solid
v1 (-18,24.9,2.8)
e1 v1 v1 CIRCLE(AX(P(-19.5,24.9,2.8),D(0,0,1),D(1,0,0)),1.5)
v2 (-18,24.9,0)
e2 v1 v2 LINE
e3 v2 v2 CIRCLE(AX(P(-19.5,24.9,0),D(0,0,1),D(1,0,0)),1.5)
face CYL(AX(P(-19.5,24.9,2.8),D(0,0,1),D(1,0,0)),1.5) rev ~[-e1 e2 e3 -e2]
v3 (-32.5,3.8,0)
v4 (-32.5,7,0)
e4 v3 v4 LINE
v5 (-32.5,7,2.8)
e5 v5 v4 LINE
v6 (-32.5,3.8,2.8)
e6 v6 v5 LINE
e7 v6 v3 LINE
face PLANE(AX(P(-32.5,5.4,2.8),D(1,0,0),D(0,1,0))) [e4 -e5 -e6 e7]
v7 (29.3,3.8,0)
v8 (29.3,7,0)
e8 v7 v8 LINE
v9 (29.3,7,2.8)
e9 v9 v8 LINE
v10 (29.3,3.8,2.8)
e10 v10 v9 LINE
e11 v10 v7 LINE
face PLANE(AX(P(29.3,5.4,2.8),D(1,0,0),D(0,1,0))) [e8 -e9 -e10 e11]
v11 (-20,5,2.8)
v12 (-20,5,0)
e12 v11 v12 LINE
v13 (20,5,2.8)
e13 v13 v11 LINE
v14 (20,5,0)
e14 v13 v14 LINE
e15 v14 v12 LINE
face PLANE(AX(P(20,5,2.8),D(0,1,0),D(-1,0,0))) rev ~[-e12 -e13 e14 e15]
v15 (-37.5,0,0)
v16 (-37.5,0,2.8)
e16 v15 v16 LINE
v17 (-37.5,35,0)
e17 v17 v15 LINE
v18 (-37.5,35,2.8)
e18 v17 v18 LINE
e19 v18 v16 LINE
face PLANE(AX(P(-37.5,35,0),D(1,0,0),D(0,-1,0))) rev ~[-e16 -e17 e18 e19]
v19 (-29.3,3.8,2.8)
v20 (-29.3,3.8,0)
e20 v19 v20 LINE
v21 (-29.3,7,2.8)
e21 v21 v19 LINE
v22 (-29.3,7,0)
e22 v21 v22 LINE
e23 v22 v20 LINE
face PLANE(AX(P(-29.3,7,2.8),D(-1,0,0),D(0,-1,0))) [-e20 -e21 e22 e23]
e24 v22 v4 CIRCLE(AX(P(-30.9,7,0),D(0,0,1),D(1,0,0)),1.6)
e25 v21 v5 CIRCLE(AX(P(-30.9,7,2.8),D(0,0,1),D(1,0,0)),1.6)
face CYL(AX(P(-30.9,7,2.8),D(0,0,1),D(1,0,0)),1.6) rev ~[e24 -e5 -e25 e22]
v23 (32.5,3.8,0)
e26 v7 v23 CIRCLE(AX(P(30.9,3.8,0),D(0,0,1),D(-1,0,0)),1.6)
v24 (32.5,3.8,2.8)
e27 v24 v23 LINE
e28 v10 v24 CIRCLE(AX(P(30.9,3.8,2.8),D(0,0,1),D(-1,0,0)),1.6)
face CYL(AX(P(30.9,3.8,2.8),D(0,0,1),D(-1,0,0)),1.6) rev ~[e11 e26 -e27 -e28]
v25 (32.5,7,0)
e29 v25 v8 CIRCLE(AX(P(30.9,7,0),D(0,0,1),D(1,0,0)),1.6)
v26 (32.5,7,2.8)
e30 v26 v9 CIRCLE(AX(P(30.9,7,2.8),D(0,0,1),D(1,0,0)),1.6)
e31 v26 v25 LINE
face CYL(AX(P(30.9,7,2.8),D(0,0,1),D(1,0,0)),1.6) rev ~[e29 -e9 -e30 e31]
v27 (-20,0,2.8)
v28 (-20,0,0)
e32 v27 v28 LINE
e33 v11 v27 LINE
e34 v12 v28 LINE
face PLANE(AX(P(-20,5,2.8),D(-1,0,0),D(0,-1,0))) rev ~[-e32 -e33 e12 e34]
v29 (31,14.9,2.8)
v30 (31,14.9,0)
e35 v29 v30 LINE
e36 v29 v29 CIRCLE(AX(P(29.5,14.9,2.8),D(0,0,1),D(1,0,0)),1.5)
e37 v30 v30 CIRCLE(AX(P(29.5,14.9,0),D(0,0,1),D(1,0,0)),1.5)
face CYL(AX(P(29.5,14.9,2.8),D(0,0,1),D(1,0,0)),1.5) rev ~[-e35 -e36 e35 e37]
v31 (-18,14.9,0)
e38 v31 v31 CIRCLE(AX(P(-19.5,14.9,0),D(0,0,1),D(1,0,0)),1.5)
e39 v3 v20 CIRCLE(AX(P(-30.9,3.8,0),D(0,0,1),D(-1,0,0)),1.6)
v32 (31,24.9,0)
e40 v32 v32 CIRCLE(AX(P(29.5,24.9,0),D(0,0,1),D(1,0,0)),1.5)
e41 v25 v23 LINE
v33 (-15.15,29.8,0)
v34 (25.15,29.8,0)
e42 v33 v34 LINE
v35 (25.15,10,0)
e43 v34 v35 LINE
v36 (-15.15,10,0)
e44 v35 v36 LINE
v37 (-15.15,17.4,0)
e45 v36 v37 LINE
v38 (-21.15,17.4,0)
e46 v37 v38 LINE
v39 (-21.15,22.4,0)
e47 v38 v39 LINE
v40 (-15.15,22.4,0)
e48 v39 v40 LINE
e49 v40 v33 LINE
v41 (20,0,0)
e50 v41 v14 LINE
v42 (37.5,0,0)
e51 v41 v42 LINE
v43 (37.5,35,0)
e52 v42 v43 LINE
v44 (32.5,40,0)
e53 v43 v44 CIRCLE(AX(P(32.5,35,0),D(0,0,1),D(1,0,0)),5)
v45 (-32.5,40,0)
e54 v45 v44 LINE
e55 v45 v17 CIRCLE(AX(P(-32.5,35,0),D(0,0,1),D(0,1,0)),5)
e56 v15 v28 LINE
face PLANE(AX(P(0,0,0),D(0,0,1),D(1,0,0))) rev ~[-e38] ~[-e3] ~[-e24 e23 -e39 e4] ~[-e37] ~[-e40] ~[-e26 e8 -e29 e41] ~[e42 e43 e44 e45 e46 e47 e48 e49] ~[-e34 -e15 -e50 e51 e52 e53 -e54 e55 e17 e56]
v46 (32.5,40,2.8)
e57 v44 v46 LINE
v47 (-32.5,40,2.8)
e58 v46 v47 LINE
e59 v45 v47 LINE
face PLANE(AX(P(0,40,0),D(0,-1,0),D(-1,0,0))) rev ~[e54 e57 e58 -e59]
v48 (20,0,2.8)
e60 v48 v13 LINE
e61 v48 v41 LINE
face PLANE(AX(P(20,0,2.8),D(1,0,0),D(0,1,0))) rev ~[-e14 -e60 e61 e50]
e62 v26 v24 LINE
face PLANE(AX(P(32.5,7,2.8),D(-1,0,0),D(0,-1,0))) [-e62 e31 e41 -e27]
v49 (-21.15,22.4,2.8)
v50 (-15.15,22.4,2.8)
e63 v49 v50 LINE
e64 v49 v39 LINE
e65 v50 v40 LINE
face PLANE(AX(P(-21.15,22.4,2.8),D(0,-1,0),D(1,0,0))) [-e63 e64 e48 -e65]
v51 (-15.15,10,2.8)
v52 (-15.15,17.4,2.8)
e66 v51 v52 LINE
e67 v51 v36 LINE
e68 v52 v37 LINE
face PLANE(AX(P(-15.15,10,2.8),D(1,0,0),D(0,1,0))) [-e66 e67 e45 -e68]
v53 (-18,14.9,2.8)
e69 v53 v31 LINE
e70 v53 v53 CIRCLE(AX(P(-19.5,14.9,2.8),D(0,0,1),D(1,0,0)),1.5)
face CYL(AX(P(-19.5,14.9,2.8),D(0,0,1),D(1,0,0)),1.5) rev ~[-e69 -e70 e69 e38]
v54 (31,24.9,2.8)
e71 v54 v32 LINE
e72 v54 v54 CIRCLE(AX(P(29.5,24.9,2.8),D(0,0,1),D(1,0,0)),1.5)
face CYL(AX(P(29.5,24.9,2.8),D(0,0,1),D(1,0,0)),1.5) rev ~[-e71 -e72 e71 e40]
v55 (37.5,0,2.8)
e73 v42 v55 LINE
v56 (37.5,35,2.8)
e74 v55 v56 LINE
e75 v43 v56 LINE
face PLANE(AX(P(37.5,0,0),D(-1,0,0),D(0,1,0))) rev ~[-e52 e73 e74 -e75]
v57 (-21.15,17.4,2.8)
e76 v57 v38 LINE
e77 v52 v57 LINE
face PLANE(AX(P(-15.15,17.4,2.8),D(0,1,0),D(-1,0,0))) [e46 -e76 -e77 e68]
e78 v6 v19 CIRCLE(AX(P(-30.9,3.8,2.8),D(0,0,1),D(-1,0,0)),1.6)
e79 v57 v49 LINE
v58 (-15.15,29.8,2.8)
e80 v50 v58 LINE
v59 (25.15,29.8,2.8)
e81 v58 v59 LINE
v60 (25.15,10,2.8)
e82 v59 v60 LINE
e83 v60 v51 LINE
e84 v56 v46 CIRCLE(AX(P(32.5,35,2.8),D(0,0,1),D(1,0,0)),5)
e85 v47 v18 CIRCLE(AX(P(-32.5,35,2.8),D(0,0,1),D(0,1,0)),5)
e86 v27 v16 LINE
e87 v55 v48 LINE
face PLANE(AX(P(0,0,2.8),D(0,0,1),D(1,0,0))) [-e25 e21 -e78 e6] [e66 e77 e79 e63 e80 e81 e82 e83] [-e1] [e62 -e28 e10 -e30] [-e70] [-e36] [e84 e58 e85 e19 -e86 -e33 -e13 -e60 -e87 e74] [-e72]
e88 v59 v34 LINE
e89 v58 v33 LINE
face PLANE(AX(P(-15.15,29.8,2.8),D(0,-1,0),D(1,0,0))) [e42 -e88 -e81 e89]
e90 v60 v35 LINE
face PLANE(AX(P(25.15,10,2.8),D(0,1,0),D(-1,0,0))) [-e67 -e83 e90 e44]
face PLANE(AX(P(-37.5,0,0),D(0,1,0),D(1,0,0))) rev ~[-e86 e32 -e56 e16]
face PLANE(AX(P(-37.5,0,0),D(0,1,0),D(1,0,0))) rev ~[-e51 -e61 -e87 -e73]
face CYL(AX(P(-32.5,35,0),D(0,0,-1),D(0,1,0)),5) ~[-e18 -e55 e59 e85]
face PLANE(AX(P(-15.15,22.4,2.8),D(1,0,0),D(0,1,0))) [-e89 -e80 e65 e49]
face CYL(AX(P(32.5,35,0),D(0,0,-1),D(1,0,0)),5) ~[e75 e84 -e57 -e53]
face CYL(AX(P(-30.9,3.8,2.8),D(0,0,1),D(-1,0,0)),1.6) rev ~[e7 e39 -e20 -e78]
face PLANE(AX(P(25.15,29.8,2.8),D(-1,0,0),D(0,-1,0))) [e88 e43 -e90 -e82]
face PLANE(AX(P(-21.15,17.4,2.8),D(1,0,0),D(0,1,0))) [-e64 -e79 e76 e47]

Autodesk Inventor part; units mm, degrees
ref_plane "YZ Plane" through (0, 0, 0) normal (1, 0, 0) x (0, 1, 0)
ref_plane "XZ Plane" through (0, 0, 0) normal (0, 1, 0) x (-1, 0, 0)
ref_plane "XY Plane" through (0, 0, 0) normal (0, 0, 1) x (1, 0, 0)
sketch "Sketch1" plane through (0, 0, 0) normal (0, 0, 1) x (1, 0, 0)
  line L0 (-53.9497, 0) -> (53.9497, 0) projected
  line L1 (0, -8.2071) -> (0, 49.2426) projected
  line L2 (-37.5, 0) -> (37.5, 0)
  line L3 (37.5, 0) -> (37.5, 35)
  line L4 (32.5, 40) -> (-32.5, 40)
  line L5 (-37.5, 35) -> (-37.5, 0)
  arc A0 (-32.5, 40) -> (-37.5, 35) centre (-32.5, 35) ccw
  arc A1 (37.5, 35) -> (32.5, 40) centre (32.5, 35) ccw
  point P0 (0, 0)
  point P1 (37.5, 40)
  point P2 (-37.5, 40)
  dimension "d0" = 75
  dimension "d1" = 40
  dimension "d2" = 37.5
  dimension "d5" = 5
extrude "Extrusion1" add sketch "Sketch1" along normal blind 2.8
sketch "Sketch2" plane through (0, 0, 2.8) normal (0, 0, 1) x (1, 0, 0)
  line L0 (37.5, 0) -> (-37.5, 0) projected
  line L1 (37.5, 35) -> (37.5, 0) projected
  line L2 (-20, 0) -> (20, 0)
  line L3 (20, 0) -> (20, 5)
  line L4 (20, 5) -> (-20, 5)
  line L5 (-20, 5) -> (-20, 0)
  line L6 (-15.15, 22.4) -> (-15.15, 29.8)
  line L7 (-15.15, 29.8) -> (25.15, 29.8)
  line L8 (-21.15, 22.4) -> (-15.15, 22.4)
  line L9 (-21.15, 17.4) -> (-21.15, 22.4)
  line L10 (-15.15, 17.4) -> (-21.15, 17.4)
  line L11 (-15.15, 10) -> (-15.15, 17.4)
  line L12 (25.15, 10) -> (-15.15, 10)
  line L13 (25.15, 29.8) -> (25.15, 10)
  line L14 (-15.15, 29.8) -> (25.15, 29.8)
  point P0 (0, 0)
  dimension "d6" = 17.5
  dimension "d7" = 40
extrude "Extrusion2" cut sketch "Sketch2" against normal blind 10
sketch "Sketch3" plane through (0, 0, 2.8) normal (0, 0, 1) x (1, 0, 0)
  circle A0 centre (-19.5, 24.9) radius 2.5
  circle A1 centre (-19.5, 14.9) radius 2.5
  circle A2 centre (29.5, 14.9) radius 2.5
  circle A3 centre (29.5, 24.9) radius 2.5
  circle A4 centre (29.5, 14.9) radius 1.5
  circle A5 centre (29.5, 24.9) radius 1.5
  circle A6 centre (-19.5, 14.9) radius 1.5
  circle A7 centre (-19.5, 24.9) radius 1.5
  line L0 (-15.15, 17.4) -> (-21.15, 17.4) projected
  line L1 (29.3, 5.4) -> (29.3, 7)
  line L2 (32.5, 7) -> (32.5, 3.8)
  line L3 (29.3, 3.8) -> (29.3, 5.4)
  arc A8 (29.3, 3.8) -> (32.5, 3.8) centre (30.9, 3.8) ccw
  arc A9 (32.5, 7) -> (29.3, 7) centre (30.9, 7) ccw
  line L4 (-15.15, 10) -> (-15.15, 17.4) projected
  line L5 (-32.5, 5.4) -> (-32.5, 7)
  line L6 (-29.3, 7) -> (-29.3, 3.8)
  line L7 (-32.5, 3.8) -> (-32.5, 5.4)
  arc A10 (-29.3, 7) -> (-32.5, 7) centre (-30.9, 7) ccw
  arc A11 (-32.5, 3.8) -> (-29.3, 3.8) centre (-30.9, 3.8) ccw
  point P0 (0, 0)
  dimension "d10" = 3
  dimension "d11" = 3
  dimension "d12" = 3
  dimension "d13" = 3
extrude "Extrusion3" cut sketch "Sketch3" against normal through all contours A4 | A5 | A6 | A7 | L1 A9 L2 A8 L3 | L5 A10 L6 A11 L7
equation "\"d2\" = 0.5 * d0"
properties part number "Acrylic_YawServoSupport_1"
